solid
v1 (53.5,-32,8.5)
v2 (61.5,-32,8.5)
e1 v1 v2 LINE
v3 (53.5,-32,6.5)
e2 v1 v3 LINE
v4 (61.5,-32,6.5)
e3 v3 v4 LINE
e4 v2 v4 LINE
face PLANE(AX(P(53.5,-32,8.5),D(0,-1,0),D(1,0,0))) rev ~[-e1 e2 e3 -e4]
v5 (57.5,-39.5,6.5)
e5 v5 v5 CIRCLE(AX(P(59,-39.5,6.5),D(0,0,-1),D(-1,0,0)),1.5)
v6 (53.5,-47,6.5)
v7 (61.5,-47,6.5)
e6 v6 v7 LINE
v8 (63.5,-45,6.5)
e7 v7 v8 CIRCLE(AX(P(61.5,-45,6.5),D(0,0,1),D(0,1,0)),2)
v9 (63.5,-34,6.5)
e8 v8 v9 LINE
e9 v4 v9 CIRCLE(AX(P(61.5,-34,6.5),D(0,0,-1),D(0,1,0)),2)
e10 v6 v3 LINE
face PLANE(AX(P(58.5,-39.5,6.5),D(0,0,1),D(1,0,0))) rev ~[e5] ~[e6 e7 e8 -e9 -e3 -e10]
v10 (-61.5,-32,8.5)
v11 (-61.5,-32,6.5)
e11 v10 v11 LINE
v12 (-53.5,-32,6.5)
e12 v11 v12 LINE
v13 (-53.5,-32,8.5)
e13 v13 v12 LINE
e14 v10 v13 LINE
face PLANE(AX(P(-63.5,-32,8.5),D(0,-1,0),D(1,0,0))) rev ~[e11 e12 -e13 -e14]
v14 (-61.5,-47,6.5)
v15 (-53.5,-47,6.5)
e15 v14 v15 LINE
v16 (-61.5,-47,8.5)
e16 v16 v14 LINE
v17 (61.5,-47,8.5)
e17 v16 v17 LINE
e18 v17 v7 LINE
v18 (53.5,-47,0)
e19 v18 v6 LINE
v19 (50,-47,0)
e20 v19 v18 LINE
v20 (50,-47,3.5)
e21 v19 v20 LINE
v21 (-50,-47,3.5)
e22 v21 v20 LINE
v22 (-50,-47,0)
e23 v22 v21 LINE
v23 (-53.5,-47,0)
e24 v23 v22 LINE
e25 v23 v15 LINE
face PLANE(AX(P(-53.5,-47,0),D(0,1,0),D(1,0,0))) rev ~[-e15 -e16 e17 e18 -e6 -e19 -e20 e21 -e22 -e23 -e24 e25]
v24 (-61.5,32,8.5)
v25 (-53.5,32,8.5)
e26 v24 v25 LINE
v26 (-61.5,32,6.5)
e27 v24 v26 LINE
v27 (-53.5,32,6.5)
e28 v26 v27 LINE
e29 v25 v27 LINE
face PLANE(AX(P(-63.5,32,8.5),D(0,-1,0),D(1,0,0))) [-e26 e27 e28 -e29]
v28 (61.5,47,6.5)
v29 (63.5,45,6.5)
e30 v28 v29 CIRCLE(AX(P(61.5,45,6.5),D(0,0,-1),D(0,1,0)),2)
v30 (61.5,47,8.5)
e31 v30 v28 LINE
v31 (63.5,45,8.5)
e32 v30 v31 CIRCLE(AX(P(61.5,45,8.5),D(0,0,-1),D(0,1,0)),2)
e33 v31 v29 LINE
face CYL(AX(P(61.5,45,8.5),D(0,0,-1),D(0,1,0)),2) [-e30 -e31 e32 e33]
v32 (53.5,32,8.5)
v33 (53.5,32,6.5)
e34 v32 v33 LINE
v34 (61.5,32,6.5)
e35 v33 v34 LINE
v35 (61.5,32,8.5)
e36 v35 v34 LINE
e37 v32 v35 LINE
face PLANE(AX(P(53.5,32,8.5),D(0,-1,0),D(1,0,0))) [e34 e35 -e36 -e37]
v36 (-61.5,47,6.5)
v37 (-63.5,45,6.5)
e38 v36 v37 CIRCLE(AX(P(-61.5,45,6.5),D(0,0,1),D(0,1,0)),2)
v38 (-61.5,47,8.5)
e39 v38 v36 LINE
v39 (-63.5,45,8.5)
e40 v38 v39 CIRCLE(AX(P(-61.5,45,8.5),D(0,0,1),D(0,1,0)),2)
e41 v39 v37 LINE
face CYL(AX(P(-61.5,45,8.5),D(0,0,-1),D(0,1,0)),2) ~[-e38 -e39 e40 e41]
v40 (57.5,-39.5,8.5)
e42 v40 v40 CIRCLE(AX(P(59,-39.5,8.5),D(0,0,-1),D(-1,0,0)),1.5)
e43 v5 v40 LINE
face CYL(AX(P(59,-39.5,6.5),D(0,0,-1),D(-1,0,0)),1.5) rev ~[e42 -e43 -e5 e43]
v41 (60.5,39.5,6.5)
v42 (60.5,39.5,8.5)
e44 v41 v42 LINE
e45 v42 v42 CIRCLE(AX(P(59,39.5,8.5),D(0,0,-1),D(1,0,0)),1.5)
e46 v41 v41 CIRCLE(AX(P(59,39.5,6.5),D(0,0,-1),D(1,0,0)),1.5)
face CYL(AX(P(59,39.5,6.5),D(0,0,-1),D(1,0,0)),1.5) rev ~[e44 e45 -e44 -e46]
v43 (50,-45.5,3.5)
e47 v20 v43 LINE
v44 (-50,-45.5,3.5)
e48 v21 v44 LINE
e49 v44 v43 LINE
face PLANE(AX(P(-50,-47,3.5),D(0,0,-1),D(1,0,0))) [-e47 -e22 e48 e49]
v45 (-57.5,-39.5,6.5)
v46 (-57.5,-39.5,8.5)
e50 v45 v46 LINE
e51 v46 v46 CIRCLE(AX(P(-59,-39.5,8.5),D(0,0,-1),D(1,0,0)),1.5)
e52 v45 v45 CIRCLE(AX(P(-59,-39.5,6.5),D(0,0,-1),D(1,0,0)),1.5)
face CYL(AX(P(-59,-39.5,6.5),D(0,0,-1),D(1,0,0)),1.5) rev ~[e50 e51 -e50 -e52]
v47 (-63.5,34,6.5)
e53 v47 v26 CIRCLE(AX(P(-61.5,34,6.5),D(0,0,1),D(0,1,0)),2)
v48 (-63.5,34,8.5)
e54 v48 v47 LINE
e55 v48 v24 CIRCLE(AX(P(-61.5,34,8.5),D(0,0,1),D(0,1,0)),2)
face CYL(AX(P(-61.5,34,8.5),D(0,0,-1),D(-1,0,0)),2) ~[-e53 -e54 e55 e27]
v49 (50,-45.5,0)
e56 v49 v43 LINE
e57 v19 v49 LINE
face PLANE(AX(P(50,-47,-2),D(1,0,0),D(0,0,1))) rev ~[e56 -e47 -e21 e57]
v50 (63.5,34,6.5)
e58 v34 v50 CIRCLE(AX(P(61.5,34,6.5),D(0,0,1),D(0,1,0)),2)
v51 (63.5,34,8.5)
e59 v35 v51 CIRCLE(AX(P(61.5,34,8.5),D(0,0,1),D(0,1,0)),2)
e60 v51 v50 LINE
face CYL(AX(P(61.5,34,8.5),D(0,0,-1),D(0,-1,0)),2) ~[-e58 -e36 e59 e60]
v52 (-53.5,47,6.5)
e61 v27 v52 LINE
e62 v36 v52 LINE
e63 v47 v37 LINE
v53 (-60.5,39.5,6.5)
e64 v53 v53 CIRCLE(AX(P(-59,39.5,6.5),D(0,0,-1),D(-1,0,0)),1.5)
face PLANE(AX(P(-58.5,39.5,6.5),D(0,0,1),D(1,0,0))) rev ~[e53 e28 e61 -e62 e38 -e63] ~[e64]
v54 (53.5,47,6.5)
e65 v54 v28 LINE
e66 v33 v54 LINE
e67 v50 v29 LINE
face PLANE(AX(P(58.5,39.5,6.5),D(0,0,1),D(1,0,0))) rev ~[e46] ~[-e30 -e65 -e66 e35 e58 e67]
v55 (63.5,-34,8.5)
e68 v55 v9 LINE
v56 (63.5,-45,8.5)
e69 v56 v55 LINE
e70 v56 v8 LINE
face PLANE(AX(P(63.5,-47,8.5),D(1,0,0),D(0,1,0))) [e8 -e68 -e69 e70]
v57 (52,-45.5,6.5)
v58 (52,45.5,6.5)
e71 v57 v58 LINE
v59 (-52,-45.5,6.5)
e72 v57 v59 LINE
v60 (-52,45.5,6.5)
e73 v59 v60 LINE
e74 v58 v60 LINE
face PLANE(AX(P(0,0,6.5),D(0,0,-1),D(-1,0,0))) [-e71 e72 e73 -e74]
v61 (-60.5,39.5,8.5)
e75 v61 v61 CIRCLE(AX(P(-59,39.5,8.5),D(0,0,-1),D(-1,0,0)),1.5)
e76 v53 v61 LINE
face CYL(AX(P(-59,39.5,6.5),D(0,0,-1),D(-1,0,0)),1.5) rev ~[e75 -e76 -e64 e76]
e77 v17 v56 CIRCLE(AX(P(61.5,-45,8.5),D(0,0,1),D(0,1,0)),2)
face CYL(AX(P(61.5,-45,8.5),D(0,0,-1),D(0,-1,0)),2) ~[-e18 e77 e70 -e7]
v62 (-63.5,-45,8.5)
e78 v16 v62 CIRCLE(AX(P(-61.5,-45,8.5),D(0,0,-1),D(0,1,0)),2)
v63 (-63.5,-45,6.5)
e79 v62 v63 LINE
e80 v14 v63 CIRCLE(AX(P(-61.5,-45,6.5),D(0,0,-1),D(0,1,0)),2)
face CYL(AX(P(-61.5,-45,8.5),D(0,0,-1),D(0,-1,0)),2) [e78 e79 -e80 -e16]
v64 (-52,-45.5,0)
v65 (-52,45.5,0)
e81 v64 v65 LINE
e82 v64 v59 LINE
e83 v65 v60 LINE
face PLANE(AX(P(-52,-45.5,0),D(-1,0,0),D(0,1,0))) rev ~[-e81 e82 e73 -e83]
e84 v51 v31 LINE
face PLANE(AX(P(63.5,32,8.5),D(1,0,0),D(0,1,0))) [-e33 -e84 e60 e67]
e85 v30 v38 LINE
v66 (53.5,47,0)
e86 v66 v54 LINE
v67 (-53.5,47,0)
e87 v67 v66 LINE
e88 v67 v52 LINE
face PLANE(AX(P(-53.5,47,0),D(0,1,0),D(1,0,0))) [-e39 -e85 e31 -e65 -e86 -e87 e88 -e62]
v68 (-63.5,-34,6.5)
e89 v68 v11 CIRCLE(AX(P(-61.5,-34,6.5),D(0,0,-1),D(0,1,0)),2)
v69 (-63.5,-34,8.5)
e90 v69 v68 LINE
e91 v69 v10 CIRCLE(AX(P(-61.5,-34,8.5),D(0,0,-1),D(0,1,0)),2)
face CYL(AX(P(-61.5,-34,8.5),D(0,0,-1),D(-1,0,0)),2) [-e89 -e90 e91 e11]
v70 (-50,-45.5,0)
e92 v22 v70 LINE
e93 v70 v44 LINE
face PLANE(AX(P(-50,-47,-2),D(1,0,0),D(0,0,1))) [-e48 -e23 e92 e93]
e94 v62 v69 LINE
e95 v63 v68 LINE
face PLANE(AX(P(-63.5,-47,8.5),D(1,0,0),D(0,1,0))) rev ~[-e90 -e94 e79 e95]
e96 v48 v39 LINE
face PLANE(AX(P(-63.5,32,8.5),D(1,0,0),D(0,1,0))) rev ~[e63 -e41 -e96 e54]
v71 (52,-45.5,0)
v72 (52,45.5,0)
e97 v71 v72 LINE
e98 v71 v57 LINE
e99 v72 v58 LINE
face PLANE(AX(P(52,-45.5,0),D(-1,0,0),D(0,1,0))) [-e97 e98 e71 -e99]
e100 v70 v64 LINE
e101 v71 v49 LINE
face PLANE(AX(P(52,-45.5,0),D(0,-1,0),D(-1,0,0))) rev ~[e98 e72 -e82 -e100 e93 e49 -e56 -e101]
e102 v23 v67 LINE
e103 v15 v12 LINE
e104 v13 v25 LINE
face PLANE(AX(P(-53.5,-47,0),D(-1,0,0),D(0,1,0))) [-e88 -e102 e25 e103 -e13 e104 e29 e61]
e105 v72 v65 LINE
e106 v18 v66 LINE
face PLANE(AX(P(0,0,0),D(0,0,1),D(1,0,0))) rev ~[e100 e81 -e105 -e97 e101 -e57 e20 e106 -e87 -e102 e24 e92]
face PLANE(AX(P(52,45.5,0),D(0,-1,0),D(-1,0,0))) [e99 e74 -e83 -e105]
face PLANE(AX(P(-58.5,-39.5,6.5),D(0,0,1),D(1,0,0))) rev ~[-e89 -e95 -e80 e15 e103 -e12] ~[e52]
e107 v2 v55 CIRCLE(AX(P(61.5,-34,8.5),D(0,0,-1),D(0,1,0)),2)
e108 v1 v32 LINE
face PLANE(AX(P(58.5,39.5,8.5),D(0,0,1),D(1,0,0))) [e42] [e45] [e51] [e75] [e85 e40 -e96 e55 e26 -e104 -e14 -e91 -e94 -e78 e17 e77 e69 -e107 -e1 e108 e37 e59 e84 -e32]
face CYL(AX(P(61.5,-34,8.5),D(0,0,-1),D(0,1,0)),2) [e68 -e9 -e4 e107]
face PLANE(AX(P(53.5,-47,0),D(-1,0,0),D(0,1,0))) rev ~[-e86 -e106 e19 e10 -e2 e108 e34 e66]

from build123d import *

# Parameters (mm, degrees)
SKETCH_1_W          = 107
SKETCH_1_H          = 94
EXTRUDE_1_DEPTH     = 8.5
SKETCH_2_W          = 104
SKETCH_2_H          = 91
CUT_EXTRUDE_1_DEPTH = 6.5
SKETCH_3_W          = 100
SKETCH_3_H          = 5.5
CUT_EXTRUDE_2_DEPTH = 6
SKETCH_4_W          = 10
SKETCH_4_H          = 15
EXTRUDE_2_DEPTH     = 2
FILLET_1_R          = 2
SKETCH_5_R          = 1.5
CUT_EXTRUDE_3_DEPTH = 3


with BuildPart() as part:
    # 草图1 → 凸台-拉伸1 (new body)
    with BuildSketch(Plane.XY):
        Rectangle(SKETCH_1_W, SKETCH_1_H)
    extrude(amount=EXTRUDE_1_DEPTH)

    # 草图2 → 切除-拉伸1 (cut)
    with BuildSketch(Plane(origin=(0, 0, 0), x_dir=(-1, 0, 0), z_dir=(0, 0, -1))):
        Rectangle(SKETCH_2_W, SKETCH_2_H)
    extrude(amount=-CUT_EXTRUDE_1_DEPTH, mode=Mode.SUBTRACT)

    # 草图3 → 切除-拉伸2 (cut)
    with BuildSketch(Plane.XZ.offset(47)):
        with Locations((0, 0.75)):
            Rectangle(SKETCH_3_W, SKETCH_3_H)
    extrude(amount=-CUT_EXTRUDE_2_DEPTH, mode=Mode.SUBTRACT)

    # 草图4 → 凸台-拉伸2 (add)
    with BuildSketch(Plane.XY.offset(8.5)):
        with Locations((58.5, 39.5)):
            Rectangle(SKETCH_4_W, SKETCH_4_H)
        with Locations((58.5, -39.5)):
            Rectangle(SKETCH_4_W, SKETCH_4_H)
        with Locations((-58.5, 39.5)):
            Rectangle(SKETCH_4_W, SKETCH_4_H)
        with Locations((-58.5, -39.5)):
            Rectangle(SKETCH_4_W, SKETCH_4_H)
    extrude(amount=-EXTRUDE_2_DEPTH)

    # 圆角1
    fillet_1_edges = [part.edges().sort_by_distance(p)[0] for p in [
        (63.5, 47, 7.5),
        (63.5, 32, 7.5),
        (63.5, -47, 7.5),
        (63.5, -32, 7.5),
        (-63.5, 47, 7.5),
        (-63.5, 32, 7.5),
        (-63.5, -47, 7.5),
        (-63.5, -32, 7.5),
    ]]
    fillet(fillet_1_edges, radius=FILLET_1_R)

    # 草图5 → 切除-拉伸3 (cut)
    with BuildSketch(Plane(origin=(0, 0, 6.5), x_dir=(-1, 0, 0), z_dir=(0, 0, -1))):
        with Locations((59, 39.5)):
            Circle(SKETCH_5_R)
        with Locations(Location((59, -39.5, 0), (0, 0, 180))):
            Circle(SKETCH_5_R)
        with Locations(Location((-59, 39.5, 0), (0, 0, 180))):
            Circle(SKETCH_5_R)
        with Locations((-59, -39.5)):
            Circle(SKETCH_5_R)
    extrude(amount=-CUT_EXTRUDE_3_DEPTH, mode=Mode.SUBTRACT)


solid = part.part
